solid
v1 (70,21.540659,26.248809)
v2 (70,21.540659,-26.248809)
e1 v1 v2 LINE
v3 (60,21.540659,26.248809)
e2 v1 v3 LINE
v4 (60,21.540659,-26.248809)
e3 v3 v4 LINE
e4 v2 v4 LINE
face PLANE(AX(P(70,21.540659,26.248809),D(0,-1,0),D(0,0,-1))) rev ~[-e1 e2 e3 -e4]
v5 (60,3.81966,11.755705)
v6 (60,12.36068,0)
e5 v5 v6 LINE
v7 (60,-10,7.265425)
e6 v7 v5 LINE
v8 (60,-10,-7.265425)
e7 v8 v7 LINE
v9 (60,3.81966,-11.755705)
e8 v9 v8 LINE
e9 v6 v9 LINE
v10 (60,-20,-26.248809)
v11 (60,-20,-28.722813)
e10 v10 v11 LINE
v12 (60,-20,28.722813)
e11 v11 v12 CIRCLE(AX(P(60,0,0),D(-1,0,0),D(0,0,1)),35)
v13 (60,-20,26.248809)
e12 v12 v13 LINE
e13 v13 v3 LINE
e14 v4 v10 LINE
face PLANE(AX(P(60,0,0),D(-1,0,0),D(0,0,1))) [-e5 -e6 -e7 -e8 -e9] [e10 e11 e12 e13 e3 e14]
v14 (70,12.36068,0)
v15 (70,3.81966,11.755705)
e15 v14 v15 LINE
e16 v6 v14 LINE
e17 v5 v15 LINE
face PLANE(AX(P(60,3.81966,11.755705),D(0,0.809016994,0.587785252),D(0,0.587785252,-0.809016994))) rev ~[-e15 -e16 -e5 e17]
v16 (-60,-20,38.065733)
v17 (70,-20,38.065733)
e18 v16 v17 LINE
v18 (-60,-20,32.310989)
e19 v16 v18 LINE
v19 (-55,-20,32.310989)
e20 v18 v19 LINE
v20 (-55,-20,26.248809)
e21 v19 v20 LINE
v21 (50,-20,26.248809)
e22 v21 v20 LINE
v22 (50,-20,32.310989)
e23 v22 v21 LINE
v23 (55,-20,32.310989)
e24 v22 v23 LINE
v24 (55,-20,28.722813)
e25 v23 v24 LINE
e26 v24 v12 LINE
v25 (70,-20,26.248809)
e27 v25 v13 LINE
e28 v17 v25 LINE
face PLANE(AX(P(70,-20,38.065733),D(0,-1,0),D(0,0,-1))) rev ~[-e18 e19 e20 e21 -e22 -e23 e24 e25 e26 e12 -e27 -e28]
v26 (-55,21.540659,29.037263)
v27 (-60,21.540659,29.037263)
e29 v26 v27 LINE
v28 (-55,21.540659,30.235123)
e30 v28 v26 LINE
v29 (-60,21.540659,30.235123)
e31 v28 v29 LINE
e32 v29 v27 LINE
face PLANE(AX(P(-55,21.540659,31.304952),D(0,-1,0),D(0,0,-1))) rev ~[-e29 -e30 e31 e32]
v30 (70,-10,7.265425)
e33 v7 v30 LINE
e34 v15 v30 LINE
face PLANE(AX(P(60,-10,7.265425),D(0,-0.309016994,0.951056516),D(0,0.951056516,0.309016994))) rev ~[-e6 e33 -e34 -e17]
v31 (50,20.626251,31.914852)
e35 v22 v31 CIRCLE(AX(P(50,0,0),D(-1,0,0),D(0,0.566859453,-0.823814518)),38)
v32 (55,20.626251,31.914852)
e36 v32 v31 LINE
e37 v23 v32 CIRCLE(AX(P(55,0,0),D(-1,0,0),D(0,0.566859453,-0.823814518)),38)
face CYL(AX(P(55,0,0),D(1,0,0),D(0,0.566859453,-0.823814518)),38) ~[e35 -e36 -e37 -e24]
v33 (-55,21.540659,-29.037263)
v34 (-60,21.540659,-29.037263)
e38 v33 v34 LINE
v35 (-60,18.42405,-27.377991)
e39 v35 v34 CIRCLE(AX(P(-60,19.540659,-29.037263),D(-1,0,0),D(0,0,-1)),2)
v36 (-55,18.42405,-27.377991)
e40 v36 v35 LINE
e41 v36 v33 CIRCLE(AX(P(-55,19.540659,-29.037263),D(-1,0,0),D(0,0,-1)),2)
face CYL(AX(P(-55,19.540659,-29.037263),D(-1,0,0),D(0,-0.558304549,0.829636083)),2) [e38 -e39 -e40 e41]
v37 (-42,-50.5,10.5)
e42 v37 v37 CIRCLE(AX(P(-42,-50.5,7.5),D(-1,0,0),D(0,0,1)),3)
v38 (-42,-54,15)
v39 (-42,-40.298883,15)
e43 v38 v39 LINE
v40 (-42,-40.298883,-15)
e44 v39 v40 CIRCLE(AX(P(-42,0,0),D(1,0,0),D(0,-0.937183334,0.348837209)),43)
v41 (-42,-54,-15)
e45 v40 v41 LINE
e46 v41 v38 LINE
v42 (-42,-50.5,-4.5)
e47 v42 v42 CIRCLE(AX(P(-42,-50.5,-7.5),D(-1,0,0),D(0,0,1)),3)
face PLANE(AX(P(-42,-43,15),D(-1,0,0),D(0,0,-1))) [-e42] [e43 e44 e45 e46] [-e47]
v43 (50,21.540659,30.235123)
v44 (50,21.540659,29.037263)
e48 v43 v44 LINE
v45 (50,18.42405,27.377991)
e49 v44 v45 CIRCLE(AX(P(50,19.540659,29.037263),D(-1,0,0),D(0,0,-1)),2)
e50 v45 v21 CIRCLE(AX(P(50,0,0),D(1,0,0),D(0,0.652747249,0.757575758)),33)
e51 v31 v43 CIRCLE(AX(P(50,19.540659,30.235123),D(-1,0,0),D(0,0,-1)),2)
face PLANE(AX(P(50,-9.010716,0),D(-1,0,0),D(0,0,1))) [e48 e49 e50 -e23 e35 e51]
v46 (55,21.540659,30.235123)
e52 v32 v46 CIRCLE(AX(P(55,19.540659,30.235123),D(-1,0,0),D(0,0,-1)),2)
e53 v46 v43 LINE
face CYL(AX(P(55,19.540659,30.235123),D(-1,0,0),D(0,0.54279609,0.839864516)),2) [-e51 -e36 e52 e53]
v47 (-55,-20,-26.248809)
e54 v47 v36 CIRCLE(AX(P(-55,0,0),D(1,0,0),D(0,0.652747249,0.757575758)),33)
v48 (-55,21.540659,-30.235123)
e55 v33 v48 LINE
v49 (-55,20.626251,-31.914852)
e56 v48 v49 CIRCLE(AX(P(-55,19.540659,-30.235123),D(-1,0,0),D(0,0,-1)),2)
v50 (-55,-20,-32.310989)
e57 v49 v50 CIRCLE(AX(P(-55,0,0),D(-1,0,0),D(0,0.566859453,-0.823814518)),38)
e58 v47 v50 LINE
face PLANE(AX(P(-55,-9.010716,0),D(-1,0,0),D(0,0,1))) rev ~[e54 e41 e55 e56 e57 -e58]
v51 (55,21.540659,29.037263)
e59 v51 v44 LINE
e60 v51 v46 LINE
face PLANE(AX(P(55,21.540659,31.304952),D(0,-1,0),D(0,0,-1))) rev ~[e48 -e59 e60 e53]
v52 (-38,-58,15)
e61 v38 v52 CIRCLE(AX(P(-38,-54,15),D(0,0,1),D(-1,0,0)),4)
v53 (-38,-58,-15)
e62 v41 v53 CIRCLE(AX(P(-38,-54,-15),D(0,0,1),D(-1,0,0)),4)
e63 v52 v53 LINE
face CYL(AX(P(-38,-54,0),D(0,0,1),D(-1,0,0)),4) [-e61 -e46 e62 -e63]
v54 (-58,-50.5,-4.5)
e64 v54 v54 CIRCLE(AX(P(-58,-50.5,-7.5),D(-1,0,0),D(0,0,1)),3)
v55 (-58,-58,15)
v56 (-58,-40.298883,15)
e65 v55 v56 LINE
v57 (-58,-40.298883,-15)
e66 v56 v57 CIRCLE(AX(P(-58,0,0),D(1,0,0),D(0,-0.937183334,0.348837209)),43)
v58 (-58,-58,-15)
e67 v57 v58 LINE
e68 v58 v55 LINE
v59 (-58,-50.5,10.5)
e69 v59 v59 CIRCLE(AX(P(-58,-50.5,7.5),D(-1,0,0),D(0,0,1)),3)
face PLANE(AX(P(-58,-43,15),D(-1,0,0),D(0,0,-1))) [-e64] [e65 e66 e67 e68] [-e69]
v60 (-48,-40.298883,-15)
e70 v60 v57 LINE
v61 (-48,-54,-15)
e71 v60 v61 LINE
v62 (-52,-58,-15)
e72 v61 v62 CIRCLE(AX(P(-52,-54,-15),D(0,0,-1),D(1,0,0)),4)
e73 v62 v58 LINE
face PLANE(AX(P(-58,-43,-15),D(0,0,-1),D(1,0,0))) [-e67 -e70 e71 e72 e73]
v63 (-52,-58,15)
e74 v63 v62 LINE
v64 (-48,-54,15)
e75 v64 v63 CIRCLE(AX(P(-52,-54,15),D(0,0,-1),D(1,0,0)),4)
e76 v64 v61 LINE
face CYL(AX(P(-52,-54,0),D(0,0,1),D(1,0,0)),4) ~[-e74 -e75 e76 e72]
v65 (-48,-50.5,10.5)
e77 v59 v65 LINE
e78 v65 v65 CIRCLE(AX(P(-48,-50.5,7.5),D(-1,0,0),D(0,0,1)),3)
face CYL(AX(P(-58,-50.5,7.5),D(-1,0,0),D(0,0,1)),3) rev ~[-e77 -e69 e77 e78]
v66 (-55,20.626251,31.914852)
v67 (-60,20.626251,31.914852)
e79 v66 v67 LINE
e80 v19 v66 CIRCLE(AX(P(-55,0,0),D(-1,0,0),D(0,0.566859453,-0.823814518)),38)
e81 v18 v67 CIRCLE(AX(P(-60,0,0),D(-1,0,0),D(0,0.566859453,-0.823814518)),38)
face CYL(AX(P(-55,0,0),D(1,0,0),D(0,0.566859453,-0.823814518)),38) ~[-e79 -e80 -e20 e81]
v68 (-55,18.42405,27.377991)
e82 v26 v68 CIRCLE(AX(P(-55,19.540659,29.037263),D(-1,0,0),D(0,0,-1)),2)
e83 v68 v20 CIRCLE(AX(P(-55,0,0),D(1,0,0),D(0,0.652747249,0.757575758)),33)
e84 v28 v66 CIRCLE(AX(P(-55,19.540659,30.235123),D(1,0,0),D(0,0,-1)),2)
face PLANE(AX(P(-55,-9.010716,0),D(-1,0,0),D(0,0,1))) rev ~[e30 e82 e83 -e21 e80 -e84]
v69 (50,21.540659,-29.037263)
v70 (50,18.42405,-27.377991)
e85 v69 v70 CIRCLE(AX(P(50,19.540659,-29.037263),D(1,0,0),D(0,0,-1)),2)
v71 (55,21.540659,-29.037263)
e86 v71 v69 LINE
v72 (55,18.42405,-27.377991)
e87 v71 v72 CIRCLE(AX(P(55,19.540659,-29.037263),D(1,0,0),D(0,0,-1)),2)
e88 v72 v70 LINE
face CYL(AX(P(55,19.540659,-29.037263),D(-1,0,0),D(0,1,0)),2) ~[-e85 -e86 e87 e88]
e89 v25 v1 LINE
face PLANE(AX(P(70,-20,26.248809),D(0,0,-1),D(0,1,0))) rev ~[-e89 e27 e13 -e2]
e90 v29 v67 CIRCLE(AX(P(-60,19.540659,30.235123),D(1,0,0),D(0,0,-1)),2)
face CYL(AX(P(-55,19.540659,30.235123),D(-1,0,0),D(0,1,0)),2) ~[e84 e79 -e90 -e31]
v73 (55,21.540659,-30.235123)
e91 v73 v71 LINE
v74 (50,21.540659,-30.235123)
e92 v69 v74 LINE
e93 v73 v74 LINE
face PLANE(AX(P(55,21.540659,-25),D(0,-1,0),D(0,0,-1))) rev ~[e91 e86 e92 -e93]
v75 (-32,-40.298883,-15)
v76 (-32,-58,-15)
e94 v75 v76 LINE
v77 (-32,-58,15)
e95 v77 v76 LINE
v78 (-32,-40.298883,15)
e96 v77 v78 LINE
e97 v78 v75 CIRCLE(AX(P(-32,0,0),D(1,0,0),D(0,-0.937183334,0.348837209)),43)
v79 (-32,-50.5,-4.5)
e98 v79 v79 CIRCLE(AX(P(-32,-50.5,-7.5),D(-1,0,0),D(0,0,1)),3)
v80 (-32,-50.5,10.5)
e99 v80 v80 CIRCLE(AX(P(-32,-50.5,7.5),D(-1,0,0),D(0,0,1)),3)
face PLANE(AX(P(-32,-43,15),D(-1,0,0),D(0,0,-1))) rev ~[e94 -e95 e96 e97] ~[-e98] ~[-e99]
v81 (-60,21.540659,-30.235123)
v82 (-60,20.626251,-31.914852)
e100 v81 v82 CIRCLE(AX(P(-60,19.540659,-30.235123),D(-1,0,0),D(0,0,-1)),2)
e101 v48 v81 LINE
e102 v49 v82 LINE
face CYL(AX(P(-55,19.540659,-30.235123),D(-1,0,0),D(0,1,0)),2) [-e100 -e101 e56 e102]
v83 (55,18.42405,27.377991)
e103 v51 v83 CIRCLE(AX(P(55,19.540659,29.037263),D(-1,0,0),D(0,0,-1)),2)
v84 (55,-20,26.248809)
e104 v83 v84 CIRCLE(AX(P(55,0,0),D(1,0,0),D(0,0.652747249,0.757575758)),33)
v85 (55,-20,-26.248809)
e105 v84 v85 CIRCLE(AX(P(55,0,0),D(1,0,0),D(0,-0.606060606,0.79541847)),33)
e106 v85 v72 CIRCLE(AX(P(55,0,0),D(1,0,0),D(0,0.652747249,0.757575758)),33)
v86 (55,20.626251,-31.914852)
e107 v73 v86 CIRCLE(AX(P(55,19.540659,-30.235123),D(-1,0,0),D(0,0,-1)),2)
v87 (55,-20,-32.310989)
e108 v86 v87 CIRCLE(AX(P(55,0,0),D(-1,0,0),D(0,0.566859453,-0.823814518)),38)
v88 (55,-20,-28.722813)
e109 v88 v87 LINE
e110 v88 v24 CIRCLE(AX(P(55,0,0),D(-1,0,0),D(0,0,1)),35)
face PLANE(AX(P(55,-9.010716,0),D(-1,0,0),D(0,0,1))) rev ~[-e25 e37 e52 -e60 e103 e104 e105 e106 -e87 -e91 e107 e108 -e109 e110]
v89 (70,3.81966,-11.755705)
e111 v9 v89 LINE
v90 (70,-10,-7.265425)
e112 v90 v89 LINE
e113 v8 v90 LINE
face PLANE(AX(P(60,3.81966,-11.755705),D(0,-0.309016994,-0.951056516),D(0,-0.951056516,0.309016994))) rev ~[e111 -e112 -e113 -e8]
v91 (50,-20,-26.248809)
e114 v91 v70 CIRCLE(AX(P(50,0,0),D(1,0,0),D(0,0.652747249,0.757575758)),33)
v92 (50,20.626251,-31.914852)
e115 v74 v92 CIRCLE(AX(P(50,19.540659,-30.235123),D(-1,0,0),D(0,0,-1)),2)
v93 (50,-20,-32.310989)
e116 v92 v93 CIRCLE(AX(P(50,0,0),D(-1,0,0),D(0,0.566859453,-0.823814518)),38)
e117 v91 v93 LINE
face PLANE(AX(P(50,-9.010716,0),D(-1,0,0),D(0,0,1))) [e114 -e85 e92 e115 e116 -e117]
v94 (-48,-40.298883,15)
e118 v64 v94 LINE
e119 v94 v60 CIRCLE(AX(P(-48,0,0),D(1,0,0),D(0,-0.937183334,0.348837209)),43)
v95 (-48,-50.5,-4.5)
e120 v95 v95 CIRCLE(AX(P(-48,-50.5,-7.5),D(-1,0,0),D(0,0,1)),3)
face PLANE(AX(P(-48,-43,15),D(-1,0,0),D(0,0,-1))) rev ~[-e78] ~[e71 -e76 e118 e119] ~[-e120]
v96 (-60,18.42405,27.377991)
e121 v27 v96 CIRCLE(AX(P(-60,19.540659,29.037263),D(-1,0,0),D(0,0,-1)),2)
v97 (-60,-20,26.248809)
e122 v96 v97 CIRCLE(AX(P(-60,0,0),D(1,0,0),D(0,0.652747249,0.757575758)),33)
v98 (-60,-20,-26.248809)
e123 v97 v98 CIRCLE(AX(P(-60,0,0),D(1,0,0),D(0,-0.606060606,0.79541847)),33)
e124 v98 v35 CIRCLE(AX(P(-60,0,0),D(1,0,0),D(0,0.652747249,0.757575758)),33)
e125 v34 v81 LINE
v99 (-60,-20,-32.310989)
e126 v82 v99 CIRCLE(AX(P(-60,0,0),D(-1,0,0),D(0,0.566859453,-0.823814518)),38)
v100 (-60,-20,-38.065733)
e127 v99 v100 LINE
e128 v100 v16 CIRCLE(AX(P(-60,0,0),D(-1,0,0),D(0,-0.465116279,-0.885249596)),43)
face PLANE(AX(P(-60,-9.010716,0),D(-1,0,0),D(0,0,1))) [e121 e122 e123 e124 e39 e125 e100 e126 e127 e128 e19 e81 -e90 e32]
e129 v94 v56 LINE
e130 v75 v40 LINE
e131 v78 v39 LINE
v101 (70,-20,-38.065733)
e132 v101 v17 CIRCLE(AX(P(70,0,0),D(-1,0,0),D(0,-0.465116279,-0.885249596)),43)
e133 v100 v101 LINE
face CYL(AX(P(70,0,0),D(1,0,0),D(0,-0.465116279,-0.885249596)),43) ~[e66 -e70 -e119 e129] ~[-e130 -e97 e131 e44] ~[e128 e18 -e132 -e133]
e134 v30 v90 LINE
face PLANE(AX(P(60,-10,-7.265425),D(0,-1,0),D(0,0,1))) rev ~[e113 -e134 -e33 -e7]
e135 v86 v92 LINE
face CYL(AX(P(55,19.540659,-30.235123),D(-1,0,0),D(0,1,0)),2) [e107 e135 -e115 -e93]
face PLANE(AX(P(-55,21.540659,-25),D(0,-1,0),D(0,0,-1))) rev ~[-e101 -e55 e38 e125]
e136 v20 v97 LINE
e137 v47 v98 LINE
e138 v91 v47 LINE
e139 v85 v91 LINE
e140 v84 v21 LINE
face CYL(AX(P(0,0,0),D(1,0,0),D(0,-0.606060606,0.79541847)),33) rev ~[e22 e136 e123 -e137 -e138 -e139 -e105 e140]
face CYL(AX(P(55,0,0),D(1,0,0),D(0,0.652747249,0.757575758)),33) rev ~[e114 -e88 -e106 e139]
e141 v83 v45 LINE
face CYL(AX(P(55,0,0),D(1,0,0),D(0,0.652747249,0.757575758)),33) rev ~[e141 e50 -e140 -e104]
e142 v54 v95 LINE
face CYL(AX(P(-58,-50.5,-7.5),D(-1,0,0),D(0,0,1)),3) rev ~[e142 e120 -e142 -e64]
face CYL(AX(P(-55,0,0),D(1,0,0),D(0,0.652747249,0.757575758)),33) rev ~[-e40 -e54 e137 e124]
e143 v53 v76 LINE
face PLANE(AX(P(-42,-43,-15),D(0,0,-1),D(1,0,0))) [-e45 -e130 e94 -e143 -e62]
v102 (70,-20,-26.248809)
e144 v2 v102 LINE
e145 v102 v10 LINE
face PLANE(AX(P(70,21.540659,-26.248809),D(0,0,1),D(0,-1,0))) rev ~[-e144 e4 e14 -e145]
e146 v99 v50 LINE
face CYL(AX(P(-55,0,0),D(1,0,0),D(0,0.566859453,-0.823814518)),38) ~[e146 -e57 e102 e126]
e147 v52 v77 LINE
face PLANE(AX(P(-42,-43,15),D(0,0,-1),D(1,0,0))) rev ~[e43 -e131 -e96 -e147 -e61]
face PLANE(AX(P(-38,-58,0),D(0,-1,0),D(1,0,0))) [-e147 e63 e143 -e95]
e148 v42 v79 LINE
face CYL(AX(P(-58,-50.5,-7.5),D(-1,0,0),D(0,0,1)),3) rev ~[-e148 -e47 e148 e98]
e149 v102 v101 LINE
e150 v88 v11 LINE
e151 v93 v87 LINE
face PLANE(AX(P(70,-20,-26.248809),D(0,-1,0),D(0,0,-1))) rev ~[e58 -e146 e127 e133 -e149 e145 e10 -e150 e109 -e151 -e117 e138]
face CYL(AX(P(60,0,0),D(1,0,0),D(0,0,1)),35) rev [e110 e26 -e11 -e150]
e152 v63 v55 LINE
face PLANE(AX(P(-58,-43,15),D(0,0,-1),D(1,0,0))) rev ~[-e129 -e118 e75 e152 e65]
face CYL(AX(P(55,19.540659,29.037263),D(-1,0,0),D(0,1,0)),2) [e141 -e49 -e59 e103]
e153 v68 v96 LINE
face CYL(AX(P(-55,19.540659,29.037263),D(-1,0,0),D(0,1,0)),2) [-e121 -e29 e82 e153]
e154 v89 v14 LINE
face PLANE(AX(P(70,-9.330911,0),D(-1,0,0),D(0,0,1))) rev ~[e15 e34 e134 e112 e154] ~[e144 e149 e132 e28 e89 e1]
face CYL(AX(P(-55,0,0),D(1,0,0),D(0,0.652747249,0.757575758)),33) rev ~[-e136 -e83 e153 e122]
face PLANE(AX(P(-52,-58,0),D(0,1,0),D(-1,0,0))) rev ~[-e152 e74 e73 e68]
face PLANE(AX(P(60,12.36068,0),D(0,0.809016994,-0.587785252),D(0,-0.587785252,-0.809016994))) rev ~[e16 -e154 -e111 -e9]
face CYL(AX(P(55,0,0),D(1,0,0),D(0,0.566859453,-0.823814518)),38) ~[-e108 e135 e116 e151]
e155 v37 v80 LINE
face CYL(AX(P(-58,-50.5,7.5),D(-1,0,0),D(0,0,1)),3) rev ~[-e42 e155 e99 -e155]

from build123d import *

# Parameters (mm, degrees)
BOSS_EXTRUDE1_DEPTH      = 60
BOSS_EXTRUDE2_START      = -5
BOSS_EXTRUDE2_DEPTH      = 5
BOSS_EXTRUDE3_START      = 10
BOSS_EXTRUDE3_DEPTH      = 10
BOSS_EXTRUDE4_DEPTH      = 15
BOSS_EXTRUDE4_2_DEPTH    = 15
BOSS_EXTRUDE6_REACH      = 104.54
BOSS_EXTRUDE6_END_RADIUS = 43
SKETCH5_W                = 10
SKETCH5_H                = 30
CUT_EXTRUDE1_REACH       = 147.592
SKETCH6_R                = 3
SKETCH7_R                = 35
CUT_EXTRUDE2_DEPTH       = 5
LPATTERN1_COUNT          = 2
LPATTERN1_PITCH          = 110
FILLET1_R                = 2
CUT_EXTRUDE3_REACH       = 140.611


with BuildPart() as part:
    # Sketch1 → Boss-Extrude1 (new, symmetric)
    with BuildSketch(Plane(origin=(0, 0, 0), x_dir=(0, 0, -1), z_dir=(1, 0, 0))):
        with BuildLine():
            Line((-38.065732621, -20), (-26.248809497, -20))
            ThreePointArc((-26.248809497, -20), (0, -33), (26.248809497, -20))
            Line((26.248809497, -20), (38.065732621, -20))
            ThreePointArc((38.065732621, -20), (0, -43), (-38.065732621, -20))
        make_face()
    extrude(amount=BOSS_EXTRUDE1_DEPTH, both=True)

    # Sketch2 → Boss-Extrude2 (add)
    with BuildSketch(Plane(origin=(60, 0, 0), x_dir=(0, 0, -1), z_dir=(1, 0, 0)).offset(BOSS_EXTRUDE2_START)):
        with BuildLine():
            Line((-31.304951685, 21.540659229), (-25, 21.540659229))
            ThreePointArc((-25, 21.540659229), (0, -33), (25, 21.540659229))
            Line((25, 21.540659229), (31.304951685, 21.540659229))
            ThreePointArc((31.304951685, 21.540659229), (0, -38), (-31.304951685, 21.540659229))
        make_face()
    boss_extrude2 = extrude(amount=-BOSS_EXTRUDE2_DEPTH)

    # Sketch3 → Boss-Extrude3 (add)
    with BuildSketch(Plane(origin=(60, 0, 0), x_dir=(0, 0, -1), z_dir=(1, 0, 0)).offset(BOSS_EXTRUDE3_START)):
        with BuildLine():
            Line((-26.248809497, -20), (-26.248809497, 21.540659229))
            Line((-26.248809497, 21.540659229), (26.248809497, 21.540659229))
            Line((26.248809497, 21.540659229), (26.248809497, -20))
            Line((26.248809497, -20), (38.065732621, -20))
            ThreePointArc((38.065732621, -20), (0, -43), (-38.065732621, -20))
            Line((-38.065732621, -20), (-26.248809497, -20))
        make_face()
    extrude(amount=-BOSS_EXTRUDE3_DEPTH)



with BuildPart() as body_2:
    # Sketch4 → Boss-Extrude4 (new, symmetric)
    with BuildSketch(Plane.XY):
        with BuildLine():
            Line((-48, -43), (-48, -54))
            ThreePointArc((-48, -54), (-49.171572875, -56.828427125), (-52, -58))
            Line((-52, -58), (-58, -58))
            Line((-58, -58), (-58, -43))
            Line((-58, -43), (-48, -43))
        make_face()
    extrude(amount=BOSS_EXTRUDE4_DEPTH, both=True)


with BuildPart() as body_3:
    # Sketch4 → Boss-Extrude4 2 (new, symmetric)
    with BuildSketch(Plane.XY):
        with BuildLine():
            Line((-32, -43), (-42, -43))
            Line((-42, -43), (-42, -54))
            ThreePointArc((-42, -54), (-40.828427125, -56.828427125), (-38, -58))
            Line((-38, -58), (-32, -58))
            Line((-32, -58), (-32, -43))
        make_face()
    extrude(amount=BOSS_EXTRUDE4_2_DEPTH, both=True)


with BuildPart() as part_1:
    add(part.part)

    add(body_2.part)  # Boss-Extrude6 merges body 2

    add(body_3.part)  # Boss-Extrude6 merges body 3
    # Boss-Extrude6: up to this cylinder (the profile starts outside it)
    boss_extrude6_end = Plane(origin=(-45, 0, 0), z_dir=(-1, 0, 0)) * Cylinder(BOSS_EXTRUDE6_END_RADIUS, 312.08, mode=Mode.PRIVATE)
    # Sketch5 → Boss-Extrude6 (add, up to the surface)
    with BuildSketch(Plane(origin=(0, -43, 0), x_dir=(1, 0, 0), z_dir=(0, 1, 0)), mode=Mode.PRIVATE) as boss_extrude6_sk1:
        with Locations((-37, 0)):
            Rectangle(SKETCH5_W, SKETCH5_H)
    boss_extrude6_tool1 = extrude(boss_extrude6_sk1.sketch, amount=BOSS_EXTRUDE6_REACH, mode=Mode.PRIVATE) - boss_extrude6_end
    add(boss_extrude6_tool1.solids().sort_by_distance((-37, -43, 0))[0])
    add(boss_extrude6_tool1.solids().sort_by_distance((-37, -43, 0))[1])
    # Sketch5 → Boss-Extrude6 (add, up to the surface)
    with BuildSketch(Plane(origin=(0, -43, 0), x_dir=(1, 0, 0), z_dir=(0, 1, 0)), mode=Mode.PRIVATE) as boss_extrude6_sk2:
        with Locations((-53, 0)):
            Rectangle(SKETCH5_W, SKETCH5_H)
    boss_extrude6_tool2 = extrude(boss_extrude6_sk2.sketch, amount=BOSS_EXTRUDE6_REACH, mode=Mode.PRIVATE) - boss_extrude6_end
    add(boss_extrude6_tool2.solids().sort_by_distance((-53, -43, 0))[0])
    add(boss_extrude6_tool2.solids().sort_by_distance((-53, -43, 0))[1])

    # Cut-Extrude1: up to this face of the body (flat: up to its plane)
    cut_extrude1_end = Plane(part_1.part.faces().sort_by_distance((-32, -50.035411039, 0))[0])
    # Sketch6 → Cut-Extrude1 (cut, up to the picked face)
    with BuildSketch(Plane.ZY.offset(58), mode=Mode.PRIVATE) as cut_extrude1_sk1:
        with Locations((-7.5, -50.5)):
            Circle(SKETCH6_R)
    cut_extrude1_tool1 = split(extrude(cut_extrude1_sk1.sketch, amount=-CUT_EXTRUDE1_REACH, mode=Mode.PRIVATE), bisect_by=cut_extrude1_end, keep=Keep.BOTH, mode=Mode.PRIVATE)
    # Sketch6 → Cut-Extrude1 (cut, up to the picked face)
    with BuildSketch(Plane.ZY.offset(58), mode=Mode.PRIVATE) as cut_extrude1_sk2:
        with Locations((7.5, -50.5)):
            Circle(SKETCH6_R)
    cut_extrude1_tool2 = split(extrude(cut_extrude1_sk2.sketch, amount=-CUT_EXTRUDE1_REACH, mode=Mode.PRIVATE), bisect_by=cut_extrude1_end, keep=Keep.BOTH, mode=Mode.PRIVATE)
    add(cut_extrude1_tool1.solids().sort_by(Axis((-58, -50.5, -7.5), (1, 0, 0)))[0], mode=Mode.SUBTRACT)
    add(cut_extrude1_tool2.solids().sort_by(Axis((-58, -50.5, 7.5), (1, 0, 0)))[0], mode=Mode.SUBTRACT)

    # Sketch7 → Cut-Extrude2 (cut)
    with BuildSketch(Plane.ZY.offset(-60)):
        Circle(SKETCH7_R)
    extrude(amount=CUT_EXTRUDE2_DEPTH, mode=Mode.SUBTRACT)

    # LPattern1: Boss-Extrude2 ×2
    with Locations(*[(-i * LPATTERN1_PITCH, 0, 0) for i in range(1, LPATTERN1_COUNT)]):
        add(boss_extrude2)

    # Fillet1
    fillet1_edges = [part_1.edges().sort_by_distance(p)[0] for p in [
        (52.5, 21.540659229, 25),
        (52.5, 21.540659229, -31.304951685),
        (52.5, 21.540659229, -25),
        (-57.5, 21.540659229, 25),
        (-57.5, 21.540659229, -31.304951685),
        (-57.5, 21.540659229, -25),
        (-57.5, 21.540659229, 31.304951685),
        (52.5, 21.540659229, 31.304951685),
    ]]
    fillet(fillet1_edges, radius=FILLET1_R)

    # Sketch8 → Cut-Extrude3 (cut, up to next)
    with BuildSketch(Plane.ZY.offset(-60), mode=Mode.PRIVATE) as cut_extrude3_sk1:
        Polygon((0, 12.360679775), (-11.755705046, 3.819660113), (-7.26542528, -10), (7.26542528, -10), (11.755705046, 3.819660113), align=None)
    cut_extrude3_tool1 = extrude(cut_extrude3_sk1.sketch, amount=-CUT_EXTRUDE3_REACH, mode=Mode.PRIVATE) & part_1.part
    add(cut_extrude3_tool1.solids().sort_by_distance((60, 0, 0))[0], mode=Mode.SUBTRACT)


solid = part_1.part
